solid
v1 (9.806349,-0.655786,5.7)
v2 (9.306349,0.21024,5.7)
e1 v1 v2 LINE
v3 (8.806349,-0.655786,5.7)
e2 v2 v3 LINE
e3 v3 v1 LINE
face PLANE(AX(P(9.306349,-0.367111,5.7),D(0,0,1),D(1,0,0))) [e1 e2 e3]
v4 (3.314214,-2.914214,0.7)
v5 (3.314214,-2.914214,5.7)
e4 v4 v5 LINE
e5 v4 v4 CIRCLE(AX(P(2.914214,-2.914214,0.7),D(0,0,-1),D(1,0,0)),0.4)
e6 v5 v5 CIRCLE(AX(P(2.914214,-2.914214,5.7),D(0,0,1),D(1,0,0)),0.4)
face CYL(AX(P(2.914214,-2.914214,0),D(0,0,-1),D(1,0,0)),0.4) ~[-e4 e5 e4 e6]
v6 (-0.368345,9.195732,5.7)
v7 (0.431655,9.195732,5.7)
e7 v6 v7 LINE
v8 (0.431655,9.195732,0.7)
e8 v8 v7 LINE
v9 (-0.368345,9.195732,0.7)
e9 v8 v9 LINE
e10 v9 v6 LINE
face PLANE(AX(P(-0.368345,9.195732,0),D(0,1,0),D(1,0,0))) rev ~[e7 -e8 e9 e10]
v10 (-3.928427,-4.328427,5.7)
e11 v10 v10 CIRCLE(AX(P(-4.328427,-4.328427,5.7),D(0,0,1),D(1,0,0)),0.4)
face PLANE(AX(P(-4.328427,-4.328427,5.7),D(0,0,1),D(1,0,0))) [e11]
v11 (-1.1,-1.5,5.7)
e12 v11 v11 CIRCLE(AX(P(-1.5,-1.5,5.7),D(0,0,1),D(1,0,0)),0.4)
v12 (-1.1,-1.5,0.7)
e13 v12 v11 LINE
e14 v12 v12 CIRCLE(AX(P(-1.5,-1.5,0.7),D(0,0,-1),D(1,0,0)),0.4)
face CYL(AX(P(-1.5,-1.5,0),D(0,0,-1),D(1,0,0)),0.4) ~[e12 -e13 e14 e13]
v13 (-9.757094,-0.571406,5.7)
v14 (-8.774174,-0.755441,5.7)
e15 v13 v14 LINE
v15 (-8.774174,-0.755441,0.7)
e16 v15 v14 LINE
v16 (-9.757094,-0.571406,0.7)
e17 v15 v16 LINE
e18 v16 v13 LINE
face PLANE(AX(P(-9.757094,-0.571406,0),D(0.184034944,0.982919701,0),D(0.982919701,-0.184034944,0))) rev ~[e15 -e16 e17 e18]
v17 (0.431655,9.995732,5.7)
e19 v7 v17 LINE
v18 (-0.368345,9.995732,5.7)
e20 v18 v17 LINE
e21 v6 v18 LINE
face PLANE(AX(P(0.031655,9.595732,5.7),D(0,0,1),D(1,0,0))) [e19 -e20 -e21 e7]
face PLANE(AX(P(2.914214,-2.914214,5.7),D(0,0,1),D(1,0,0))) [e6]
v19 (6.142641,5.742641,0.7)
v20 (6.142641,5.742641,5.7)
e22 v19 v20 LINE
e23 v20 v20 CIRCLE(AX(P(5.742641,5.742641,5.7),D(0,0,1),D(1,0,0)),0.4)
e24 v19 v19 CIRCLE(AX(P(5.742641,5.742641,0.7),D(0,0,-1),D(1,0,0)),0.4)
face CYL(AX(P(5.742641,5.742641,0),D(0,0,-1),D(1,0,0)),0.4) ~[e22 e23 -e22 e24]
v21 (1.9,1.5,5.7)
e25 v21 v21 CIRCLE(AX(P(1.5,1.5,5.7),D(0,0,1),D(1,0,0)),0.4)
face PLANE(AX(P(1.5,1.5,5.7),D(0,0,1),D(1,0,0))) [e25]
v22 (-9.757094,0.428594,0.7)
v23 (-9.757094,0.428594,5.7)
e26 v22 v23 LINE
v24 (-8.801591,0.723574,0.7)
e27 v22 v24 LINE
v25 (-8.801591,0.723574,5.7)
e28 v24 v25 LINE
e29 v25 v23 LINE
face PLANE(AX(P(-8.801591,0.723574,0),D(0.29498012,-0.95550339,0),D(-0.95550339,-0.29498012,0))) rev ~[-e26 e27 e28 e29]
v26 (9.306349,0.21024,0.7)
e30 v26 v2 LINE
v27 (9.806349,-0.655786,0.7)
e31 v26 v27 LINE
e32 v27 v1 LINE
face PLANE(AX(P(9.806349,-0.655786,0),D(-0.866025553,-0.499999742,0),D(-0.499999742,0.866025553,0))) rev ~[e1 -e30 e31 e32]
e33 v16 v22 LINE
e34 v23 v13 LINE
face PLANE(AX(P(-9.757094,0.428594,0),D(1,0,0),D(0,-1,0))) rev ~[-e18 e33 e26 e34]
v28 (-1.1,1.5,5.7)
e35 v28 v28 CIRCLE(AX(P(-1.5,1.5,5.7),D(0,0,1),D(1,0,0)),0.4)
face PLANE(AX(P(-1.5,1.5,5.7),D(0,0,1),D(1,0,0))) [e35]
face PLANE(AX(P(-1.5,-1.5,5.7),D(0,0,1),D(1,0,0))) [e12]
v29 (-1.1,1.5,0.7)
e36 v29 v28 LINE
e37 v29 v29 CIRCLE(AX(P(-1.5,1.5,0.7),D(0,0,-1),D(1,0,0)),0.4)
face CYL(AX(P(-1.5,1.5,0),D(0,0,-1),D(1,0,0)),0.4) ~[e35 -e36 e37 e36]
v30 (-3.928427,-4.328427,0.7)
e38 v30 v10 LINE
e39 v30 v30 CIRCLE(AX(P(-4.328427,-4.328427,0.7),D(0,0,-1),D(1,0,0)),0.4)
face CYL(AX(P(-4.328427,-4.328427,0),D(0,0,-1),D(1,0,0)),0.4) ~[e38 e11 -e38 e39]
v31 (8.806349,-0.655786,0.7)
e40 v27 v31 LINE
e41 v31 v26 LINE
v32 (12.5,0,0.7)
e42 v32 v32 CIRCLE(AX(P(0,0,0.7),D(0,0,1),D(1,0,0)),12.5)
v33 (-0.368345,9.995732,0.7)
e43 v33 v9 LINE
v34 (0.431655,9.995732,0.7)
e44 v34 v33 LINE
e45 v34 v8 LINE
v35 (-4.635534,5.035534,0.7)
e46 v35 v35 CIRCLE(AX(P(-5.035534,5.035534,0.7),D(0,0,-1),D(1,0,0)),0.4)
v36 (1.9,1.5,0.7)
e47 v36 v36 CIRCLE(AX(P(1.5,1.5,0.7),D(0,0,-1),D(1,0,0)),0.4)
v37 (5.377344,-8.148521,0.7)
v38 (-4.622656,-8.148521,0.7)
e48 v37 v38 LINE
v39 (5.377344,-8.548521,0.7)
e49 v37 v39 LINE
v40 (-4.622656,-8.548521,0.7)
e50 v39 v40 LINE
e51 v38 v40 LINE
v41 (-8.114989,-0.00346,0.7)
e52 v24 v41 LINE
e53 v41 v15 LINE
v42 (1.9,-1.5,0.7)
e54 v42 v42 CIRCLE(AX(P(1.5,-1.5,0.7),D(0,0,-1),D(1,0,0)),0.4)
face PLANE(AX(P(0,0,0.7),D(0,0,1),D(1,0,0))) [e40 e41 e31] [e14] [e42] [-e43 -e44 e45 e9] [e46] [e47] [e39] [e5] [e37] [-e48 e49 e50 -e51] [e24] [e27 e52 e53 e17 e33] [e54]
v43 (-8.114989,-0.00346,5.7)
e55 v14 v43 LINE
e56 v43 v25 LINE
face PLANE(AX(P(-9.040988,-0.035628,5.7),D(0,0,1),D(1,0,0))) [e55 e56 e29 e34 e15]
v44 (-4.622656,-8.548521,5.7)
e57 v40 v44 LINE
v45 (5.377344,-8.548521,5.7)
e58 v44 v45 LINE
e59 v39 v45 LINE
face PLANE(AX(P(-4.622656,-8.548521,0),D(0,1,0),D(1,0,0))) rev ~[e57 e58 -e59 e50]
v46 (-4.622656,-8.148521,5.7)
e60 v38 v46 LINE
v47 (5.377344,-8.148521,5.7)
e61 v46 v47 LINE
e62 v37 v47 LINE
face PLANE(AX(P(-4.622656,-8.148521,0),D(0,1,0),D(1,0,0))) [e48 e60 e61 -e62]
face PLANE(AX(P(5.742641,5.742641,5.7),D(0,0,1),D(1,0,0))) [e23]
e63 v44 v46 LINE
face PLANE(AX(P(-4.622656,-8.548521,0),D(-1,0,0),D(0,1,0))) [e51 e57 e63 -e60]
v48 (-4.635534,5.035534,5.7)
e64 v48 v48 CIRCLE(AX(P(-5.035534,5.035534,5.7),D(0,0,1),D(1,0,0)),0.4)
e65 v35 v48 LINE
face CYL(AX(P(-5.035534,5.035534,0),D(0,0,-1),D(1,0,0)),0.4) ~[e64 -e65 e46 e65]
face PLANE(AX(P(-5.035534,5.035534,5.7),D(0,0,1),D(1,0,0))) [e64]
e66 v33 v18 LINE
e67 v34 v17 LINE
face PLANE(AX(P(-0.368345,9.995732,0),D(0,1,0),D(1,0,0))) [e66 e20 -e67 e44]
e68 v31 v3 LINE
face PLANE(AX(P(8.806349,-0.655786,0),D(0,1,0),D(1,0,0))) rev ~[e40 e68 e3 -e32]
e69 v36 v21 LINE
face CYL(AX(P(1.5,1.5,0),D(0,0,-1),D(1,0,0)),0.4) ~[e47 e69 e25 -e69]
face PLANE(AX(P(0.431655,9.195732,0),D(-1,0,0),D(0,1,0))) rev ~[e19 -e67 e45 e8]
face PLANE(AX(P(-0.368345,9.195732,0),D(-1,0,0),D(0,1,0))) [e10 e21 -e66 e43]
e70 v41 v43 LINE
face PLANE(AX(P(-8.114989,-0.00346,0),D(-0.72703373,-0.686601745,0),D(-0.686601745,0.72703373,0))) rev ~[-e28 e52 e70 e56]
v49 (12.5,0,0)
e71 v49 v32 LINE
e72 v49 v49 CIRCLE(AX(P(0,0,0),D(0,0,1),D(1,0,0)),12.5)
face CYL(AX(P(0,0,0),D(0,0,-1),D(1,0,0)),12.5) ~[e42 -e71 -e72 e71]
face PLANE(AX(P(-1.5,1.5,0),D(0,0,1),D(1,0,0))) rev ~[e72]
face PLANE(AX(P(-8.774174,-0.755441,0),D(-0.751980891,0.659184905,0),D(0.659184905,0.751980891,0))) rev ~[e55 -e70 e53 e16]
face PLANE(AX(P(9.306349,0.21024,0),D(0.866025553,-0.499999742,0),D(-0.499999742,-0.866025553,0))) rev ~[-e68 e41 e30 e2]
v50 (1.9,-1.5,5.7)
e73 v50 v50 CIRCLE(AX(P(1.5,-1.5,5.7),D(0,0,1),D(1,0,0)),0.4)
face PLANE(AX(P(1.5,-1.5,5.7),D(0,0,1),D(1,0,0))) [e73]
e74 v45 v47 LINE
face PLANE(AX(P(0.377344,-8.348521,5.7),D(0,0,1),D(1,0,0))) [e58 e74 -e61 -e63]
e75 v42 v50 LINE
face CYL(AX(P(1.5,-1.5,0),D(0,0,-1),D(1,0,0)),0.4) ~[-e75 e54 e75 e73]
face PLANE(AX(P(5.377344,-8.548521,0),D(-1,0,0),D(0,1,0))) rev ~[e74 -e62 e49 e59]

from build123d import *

# Parameters (mm, degrees)
F0_R     = 12.5
F1_DEPTH = 0.7
F2_R     = 0.4
F2_W     = 0.8
F2_H     = 0.8
F2_W_2   = 10
F2_H_2   = 0.4
F3_DEPTH = 5.7


with BuildPart() as f1:
    # F0 (on Top) → F1 (new body)
    with BuildSketch(Plane.XY):
        Circle(F0_R)
    extrude(amount=F1_DEPTH)

    # F2 (on Top) → F3 (join)
    with BuildSketch(Plane.XY):
        with Locations((-1.5, 1.5)):
            Circle(F2_R)
        with Locations((-1.5, -1.5)):
            Circle(F2_R)
        with Locations((1.5, -1.5)):
            Circle(F2_R)
        with Locations((1.5, 1.5)):
            Circle(F2_R)
        with Locations((2.914214, -2.914214)):
            Circle(F2_R)
        with Locations((5.742641, 5.742641)):
            Circle(F2_R)
        with Locations((-5.035534, 5.035534)):
            Circle(F2_R)
        with Locations((-4.328427, -4.328427)):
            Circle(F2_R)
        with Locations((0.031655, 9.595732)):
            Rectangle(F2_W, F2_H)
        Polygon((-8.801591, 0.723574), (-9.757094, 0.428594), (-9.757094, -0.571406), (-8.774174, -0.755441), (-8.114989, -0.00346), align=None)
        Polygon((9.806349, -0.655786), (9.306349, 0.21024), (8.806349, -0.655786), align=None)
        with Locations((0.377344, -8.348521)):
            Rectangle(F2_W_2, F2_H_2)
    extrude(amount=F3_DEPTH)


solid = f1.part
